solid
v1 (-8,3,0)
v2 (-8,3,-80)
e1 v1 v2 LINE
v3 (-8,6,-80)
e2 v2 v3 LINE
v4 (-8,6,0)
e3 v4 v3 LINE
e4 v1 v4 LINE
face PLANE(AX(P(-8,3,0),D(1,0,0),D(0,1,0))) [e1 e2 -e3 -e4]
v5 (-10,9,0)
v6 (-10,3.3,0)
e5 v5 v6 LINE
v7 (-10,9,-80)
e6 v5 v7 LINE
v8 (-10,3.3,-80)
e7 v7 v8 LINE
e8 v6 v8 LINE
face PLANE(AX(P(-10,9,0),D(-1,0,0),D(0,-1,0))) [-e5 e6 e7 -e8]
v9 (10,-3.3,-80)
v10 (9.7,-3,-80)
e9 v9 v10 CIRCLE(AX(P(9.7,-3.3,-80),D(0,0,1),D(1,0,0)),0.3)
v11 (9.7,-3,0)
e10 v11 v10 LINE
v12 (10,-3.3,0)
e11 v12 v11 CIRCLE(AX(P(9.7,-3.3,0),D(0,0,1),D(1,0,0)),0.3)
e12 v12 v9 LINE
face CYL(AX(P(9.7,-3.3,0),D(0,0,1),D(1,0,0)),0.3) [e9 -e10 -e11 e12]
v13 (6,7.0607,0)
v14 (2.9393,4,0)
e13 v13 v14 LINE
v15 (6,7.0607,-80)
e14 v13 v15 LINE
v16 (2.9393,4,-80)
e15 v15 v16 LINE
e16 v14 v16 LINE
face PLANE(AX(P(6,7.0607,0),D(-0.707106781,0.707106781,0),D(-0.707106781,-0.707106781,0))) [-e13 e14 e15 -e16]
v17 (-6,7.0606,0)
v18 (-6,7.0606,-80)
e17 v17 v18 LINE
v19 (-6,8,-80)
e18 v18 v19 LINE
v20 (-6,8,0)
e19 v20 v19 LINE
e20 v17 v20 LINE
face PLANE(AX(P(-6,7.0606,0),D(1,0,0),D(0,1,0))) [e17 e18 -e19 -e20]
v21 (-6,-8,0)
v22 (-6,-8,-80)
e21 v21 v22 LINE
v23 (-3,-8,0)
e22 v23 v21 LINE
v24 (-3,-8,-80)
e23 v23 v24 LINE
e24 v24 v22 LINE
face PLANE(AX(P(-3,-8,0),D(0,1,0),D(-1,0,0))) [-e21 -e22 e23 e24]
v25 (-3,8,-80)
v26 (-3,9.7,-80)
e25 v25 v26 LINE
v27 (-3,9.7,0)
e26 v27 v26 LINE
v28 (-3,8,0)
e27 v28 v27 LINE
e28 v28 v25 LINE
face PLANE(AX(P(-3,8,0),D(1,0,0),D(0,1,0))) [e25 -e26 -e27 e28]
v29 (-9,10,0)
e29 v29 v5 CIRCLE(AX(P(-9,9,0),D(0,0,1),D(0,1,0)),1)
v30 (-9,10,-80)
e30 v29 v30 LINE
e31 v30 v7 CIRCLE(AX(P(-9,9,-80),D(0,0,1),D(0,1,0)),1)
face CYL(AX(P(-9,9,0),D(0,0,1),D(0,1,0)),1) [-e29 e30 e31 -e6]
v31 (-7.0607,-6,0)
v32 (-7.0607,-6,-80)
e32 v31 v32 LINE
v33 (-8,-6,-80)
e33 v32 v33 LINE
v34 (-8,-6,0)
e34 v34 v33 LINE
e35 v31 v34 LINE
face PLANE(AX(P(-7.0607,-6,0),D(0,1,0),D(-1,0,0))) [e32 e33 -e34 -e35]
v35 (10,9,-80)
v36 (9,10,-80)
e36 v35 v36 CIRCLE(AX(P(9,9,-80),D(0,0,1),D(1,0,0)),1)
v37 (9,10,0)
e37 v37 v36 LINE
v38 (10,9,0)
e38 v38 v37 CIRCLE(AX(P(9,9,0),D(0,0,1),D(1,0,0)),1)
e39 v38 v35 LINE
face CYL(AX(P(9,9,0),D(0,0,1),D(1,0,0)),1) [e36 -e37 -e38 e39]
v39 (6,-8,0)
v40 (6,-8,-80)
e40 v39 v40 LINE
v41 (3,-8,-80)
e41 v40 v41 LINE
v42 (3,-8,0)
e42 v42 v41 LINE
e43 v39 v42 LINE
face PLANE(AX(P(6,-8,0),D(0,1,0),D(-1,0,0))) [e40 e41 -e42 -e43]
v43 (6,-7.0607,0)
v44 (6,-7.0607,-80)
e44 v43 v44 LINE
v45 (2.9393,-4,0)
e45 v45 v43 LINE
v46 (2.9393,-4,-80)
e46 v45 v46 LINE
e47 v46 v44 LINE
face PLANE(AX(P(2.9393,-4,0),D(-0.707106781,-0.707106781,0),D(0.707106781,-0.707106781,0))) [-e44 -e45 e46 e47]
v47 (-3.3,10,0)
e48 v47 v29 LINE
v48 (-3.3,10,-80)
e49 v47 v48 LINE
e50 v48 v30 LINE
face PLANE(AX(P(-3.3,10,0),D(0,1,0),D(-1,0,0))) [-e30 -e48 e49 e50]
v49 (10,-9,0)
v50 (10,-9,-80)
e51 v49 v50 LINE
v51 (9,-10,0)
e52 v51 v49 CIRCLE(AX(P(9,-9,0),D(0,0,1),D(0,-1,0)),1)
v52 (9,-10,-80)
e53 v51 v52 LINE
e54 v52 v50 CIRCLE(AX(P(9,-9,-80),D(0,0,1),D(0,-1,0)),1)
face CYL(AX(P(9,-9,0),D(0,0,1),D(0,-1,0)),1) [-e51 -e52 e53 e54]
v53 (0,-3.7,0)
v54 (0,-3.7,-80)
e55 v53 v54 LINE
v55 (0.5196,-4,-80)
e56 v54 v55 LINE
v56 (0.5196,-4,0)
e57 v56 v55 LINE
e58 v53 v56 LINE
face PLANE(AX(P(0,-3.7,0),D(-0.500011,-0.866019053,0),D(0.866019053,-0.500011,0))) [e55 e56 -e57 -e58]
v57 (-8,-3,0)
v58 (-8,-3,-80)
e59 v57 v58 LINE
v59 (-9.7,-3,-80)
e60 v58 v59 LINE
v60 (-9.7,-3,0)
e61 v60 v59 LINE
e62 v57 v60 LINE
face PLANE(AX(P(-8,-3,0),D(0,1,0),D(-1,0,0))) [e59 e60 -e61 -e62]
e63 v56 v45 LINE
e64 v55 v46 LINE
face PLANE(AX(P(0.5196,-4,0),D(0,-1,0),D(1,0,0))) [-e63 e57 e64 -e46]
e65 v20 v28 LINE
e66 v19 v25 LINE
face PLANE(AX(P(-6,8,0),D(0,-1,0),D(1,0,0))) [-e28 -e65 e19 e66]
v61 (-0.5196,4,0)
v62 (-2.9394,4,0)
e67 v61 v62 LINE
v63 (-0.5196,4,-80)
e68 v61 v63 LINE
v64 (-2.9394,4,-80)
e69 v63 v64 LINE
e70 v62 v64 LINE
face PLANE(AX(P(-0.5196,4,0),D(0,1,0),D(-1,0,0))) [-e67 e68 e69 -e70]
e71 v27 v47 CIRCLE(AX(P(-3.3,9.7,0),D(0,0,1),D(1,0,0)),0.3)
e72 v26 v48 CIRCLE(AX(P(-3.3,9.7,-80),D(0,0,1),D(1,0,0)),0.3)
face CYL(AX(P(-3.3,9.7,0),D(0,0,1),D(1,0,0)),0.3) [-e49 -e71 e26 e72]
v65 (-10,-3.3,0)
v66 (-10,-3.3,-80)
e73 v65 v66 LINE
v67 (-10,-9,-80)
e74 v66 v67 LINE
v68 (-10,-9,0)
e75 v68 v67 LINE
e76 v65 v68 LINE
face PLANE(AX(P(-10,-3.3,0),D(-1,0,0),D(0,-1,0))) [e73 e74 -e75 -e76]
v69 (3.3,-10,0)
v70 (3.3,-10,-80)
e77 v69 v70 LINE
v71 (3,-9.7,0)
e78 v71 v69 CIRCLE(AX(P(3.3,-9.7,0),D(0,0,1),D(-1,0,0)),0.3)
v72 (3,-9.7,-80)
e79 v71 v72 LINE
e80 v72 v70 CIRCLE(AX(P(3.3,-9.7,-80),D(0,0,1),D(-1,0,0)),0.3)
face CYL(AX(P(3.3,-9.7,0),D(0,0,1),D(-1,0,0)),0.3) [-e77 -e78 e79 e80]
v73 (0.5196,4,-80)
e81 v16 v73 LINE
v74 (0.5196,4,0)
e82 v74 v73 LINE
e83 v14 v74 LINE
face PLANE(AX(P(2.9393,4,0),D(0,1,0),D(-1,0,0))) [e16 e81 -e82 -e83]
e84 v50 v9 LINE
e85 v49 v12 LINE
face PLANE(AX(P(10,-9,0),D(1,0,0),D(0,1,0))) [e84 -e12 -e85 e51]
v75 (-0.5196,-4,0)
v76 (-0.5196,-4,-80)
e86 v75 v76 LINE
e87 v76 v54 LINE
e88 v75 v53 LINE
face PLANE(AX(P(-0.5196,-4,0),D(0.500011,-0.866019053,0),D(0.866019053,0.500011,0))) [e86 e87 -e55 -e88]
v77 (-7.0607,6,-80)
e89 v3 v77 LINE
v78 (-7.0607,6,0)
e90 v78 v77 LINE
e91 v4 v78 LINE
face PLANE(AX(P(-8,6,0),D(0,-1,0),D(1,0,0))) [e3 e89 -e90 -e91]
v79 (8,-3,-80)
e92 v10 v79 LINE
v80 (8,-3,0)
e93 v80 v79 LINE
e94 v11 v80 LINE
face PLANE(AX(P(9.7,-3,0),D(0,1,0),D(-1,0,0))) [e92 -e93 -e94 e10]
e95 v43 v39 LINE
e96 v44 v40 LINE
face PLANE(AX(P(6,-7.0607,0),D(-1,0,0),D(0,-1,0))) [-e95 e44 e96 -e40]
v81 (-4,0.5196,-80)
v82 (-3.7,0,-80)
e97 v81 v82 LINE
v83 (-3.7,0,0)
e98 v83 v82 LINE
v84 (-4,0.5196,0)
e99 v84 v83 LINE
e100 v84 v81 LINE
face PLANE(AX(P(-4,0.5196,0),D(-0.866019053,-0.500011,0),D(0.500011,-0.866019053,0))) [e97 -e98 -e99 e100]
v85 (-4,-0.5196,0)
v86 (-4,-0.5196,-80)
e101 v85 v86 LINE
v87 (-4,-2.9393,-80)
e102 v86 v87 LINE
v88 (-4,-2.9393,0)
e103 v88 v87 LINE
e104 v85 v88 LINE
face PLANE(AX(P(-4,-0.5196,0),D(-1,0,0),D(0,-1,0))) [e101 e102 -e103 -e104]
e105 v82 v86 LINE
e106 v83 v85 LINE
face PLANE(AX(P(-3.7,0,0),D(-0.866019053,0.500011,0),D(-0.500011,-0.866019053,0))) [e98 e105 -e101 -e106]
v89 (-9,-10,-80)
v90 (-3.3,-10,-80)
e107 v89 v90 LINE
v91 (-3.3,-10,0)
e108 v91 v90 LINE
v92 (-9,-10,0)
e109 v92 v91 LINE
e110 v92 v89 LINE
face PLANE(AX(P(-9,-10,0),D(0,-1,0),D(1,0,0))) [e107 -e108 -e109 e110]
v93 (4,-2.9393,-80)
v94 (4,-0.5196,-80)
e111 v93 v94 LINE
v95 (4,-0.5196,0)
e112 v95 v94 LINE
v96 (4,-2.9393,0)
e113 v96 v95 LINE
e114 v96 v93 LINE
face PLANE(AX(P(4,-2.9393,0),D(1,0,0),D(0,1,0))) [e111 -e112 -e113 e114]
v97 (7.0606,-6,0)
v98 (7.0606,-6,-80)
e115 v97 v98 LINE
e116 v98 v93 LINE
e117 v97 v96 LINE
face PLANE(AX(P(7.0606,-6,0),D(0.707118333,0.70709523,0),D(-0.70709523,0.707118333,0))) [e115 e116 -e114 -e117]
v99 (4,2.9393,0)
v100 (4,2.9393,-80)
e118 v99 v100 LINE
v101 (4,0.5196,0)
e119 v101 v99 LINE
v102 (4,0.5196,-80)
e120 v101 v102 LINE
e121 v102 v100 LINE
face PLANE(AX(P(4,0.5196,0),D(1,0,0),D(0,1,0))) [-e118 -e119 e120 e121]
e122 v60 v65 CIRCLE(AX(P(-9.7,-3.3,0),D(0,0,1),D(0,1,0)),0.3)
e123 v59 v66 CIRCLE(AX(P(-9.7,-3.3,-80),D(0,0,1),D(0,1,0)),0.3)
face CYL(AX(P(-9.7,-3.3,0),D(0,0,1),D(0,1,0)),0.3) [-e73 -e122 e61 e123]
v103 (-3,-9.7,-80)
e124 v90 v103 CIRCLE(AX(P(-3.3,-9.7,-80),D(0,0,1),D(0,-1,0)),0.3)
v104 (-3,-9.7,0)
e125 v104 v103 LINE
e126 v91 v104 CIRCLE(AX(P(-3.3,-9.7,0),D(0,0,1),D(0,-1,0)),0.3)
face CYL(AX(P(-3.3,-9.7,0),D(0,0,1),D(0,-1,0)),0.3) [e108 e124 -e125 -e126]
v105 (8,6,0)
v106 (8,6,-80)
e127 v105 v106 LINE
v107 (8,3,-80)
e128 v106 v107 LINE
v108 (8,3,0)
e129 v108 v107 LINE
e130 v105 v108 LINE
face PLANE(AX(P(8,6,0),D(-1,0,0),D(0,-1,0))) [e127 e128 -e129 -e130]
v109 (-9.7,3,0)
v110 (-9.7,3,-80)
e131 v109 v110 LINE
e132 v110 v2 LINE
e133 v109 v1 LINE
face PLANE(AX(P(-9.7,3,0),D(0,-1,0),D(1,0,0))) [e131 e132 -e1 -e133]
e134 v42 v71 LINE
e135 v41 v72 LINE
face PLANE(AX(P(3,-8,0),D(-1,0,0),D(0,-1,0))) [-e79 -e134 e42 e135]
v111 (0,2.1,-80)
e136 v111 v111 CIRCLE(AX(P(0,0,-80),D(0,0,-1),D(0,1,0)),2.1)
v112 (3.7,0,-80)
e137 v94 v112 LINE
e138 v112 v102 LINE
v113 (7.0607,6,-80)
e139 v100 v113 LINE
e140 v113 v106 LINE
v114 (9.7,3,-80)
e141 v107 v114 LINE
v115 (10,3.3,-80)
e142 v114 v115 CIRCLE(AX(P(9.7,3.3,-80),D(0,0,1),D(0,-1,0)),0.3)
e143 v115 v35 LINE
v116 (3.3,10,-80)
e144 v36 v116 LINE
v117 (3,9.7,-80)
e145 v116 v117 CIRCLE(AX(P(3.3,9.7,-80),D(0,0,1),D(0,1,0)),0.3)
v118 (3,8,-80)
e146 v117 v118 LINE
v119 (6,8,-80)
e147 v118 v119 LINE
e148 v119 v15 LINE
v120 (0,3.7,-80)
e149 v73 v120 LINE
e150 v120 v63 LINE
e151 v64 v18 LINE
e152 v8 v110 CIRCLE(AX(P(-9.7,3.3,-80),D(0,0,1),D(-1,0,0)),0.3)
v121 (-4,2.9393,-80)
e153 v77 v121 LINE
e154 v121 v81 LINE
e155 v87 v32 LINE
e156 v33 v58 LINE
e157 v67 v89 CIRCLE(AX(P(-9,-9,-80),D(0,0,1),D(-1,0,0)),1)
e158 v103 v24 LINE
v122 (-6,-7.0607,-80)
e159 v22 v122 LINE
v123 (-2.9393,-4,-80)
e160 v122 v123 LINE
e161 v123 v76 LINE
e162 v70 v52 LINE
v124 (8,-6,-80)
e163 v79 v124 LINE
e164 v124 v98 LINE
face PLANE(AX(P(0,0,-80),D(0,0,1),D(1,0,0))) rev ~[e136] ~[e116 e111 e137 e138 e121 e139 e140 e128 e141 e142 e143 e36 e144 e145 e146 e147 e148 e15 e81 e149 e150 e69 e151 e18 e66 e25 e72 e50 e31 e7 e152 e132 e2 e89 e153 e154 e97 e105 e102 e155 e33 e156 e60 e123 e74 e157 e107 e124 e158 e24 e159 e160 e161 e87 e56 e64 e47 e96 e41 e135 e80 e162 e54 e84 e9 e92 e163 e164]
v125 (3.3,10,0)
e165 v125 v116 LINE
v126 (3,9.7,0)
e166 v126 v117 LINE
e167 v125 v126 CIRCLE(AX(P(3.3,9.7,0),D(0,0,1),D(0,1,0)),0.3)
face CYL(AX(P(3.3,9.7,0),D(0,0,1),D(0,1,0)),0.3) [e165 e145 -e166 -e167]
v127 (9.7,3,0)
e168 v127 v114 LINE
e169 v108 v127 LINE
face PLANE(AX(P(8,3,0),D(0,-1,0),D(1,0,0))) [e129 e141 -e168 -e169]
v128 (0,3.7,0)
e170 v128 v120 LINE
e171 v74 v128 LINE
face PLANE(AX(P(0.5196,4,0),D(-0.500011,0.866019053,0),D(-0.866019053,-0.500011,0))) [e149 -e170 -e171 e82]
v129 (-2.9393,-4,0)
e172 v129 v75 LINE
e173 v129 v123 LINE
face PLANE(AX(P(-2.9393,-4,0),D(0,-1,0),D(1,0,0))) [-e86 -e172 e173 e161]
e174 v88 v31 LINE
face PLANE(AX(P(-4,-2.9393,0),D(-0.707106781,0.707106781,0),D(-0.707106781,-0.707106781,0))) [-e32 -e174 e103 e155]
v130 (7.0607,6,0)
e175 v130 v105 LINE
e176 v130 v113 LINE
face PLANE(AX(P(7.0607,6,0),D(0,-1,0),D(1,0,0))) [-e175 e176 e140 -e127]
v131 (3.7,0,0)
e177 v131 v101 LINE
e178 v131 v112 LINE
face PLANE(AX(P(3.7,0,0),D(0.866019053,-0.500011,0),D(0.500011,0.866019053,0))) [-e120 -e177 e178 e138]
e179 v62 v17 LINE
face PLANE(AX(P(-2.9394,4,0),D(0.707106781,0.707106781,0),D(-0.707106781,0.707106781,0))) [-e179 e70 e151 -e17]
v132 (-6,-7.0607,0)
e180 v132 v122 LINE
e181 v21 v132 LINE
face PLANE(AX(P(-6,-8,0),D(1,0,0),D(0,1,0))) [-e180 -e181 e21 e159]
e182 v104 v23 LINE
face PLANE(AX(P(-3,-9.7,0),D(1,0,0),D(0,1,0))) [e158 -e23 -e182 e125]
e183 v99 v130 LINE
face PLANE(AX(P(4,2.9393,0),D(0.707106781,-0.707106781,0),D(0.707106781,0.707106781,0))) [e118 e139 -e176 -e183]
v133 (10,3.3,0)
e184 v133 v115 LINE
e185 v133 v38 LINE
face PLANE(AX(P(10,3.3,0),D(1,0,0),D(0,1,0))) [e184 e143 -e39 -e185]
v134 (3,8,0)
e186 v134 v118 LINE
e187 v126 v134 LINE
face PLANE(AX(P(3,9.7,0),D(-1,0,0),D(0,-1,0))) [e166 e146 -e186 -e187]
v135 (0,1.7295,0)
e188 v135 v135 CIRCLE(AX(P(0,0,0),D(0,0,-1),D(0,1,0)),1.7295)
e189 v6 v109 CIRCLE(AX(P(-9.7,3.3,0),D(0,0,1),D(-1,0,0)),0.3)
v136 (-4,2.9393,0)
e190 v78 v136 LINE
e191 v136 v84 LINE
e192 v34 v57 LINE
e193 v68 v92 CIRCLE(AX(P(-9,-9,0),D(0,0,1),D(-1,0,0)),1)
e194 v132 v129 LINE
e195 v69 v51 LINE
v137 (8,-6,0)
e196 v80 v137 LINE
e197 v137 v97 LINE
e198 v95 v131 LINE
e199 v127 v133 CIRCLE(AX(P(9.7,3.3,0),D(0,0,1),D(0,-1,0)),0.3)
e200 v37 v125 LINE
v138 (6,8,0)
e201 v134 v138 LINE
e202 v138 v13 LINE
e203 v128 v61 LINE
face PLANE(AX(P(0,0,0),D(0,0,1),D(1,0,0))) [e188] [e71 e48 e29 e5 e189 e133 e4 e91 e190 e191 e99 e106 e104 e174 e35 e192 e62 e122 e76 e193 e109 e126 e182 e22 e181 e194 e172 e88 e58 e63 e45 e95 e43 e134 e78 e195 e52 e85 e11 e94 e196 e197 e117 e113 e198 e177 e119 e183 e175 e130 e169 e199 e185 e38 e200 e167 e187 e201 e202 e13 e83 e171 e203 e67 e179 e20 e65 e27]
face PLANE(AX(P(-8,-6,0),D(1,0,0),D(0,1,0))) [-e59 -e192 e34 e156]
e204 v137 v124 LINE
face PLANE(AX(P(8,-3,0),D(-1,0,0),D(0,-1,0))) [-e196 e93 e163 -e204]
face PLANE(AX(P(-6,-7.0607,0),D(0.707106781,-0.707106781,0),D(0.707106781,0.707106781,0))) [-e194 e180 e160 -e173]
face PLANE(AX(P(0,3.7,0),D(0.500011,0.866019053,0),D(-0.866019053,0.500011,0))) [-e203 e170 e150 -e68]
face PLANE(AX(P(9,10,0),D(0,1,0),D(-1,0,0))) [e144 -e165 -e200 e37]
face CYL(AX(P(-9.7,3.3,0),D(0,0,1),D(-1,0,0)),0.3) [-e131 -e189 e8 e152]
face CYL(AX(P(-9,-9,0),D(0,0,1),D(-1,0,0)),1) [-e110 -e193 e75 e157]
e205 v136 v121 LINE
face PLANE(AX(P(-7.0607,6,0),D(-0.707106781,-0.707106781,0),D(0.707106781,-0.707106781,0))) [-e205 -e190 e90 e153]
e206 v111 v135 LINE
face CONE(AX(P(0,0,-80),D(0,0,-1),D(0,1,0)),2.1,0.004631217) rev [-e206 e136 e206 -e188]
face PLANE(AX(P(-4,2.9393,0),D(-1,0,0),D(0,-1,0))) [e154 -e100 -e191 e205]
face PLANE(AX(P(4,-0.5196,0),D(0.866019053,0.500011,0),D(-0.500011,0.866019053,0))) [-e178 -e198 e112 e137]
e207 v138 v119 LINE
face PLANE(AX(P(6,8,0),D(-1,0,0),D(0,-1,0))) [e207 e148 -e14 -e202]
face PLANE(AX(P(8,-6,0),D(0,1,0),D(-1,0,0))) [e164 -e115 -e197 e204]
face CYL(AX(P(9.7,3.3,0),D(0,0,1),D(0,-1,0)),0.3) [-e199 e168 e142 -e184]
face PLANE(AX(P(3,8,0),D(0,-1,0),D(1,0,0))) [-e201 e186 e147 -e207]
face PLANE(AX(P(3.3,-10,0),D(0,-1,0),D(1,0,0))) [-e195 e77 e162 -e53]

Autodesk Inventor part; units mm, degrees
sketch "Sketch_1" plane through (0, 0, 0) normal (0, 0, 1) x (1, 0, 0)
  line L0 (-10, 9) -> (-10, 3.3)
  arc A0 (-10, 3.3) -> (-9.7, 3) centre (-9.7, 3.3) ccw
  line L1 (-9.7, 3) -> (-8, 3)
  line L2 (-8, 3) -> (-8, 6)
  line L3 (-8, 6) -> (-7.0607, 6)
  line L4 (-7.0607, 6) -> (-4, 2.9393)
  line L5 (-4, 2.9393) -> (-4, 0.5196)
  line L6 (-4, 0.5196) -> (-3.7, 0)
  line L7 (-3.7, 0) -> (-4, -0.5196)
  line L8 (-4, -0.5196) -> (-4, -2.9393)
  line L9 (-4, -2.9393) -> (-7.0607, -6)
  line L10 (-7.0607, -6) -> (-8, -6)
  line L11 (-8, -6) -> (-8, -3)
  line L12 (-8, -3) -> (-9.7, -3)
  arc A1 (-9.7, -3) -> (-10, -3.3) centre (-9.7, -3.3) ccw
  line L13 (-10, -3.3) -> (-10, -9)
  arc A2 (-10, -9) -> (-9, -10) centre (-9, -9) ccw
  line L14 (-9, -10) -> (-3.3, -10)
  arc A3 (-3.3, -10) -> (-3, -9.7) centre (-3.3, -9.7) ccw
  line L15 (-3, -9.7) -> (-3, -8)
  line L16 (-3, -8) -> (-6, -8)
  line L17 (-6, -8) -> (-6, -7.0607)
  line L18 (-6, -7.0607) -> (-2.9393, -4)
  line L19 (-2.9393, -4) -> (-0.5196, -4)
  line L20 (-0.5196, -4) -> (0, -3.7)
  line L21 (0, -3.7) -> (0.5196, -4)
  line L22 (0.5196, -4) -> (2.9393, -4)
  line L23 (2.9393, -4) -> (6, -7.0607)
  line L24 (6, -7.0607) -> (6, -8)
  line L25 (6, -8) -> (3, -8)
  line L26 (3, -8) -> (3, -9.7)
  arc A4 (3, -9.7) -> (3.3, -10) centre (3.3, -9.7) ccw
  line L27 (3.3, -10) -> (9, -10)
  arc A5 (9, -10) -> (10, -9) centre (9, -9) ccw
  line L28 (10, -9) -> (10, -3.3)
  arc A6 (10, -3.3) -> (9.7, -3) centre (9.7, -3.3) ccw
  line L29 (9.7, -3) -> (8, -3)
  line L30 (8, -3) -> (8, -6)
  line L31 (8, -6) -> (7.0606, -6)
  line L32 (7.0606, -6) -> (4, -2.9393)
  line L33 (4, -2.9393) -> (4, -0.5196)
  line L34 (4, -0.5196) -> (3.7, 0)
  line L35 (3.7, 0) -> (4, 0.5196)
  line L36 (4, 0.5196) -> (4, 2.9393)
  line L37 (4, 2.9393) -> (7.0607, 6)
  line L38 (7.0607, 6) -> (8, 6)
  line L39 (8, 6) -> (8, 3)
  line L40 (8, 3) -> (9.7, 3)
  arc A7 (9.7, 3) -> (10, 3.3) centre (9.7, 3.3) ccw
  line L41 (10, 3.3) -> (10, 9)
  arc A8 (10, 9) -> (9, 10) centre (9, 9) ccw
  line L42 (9, 10) -> (3.3, 10)
  arc A9 (3.3, 10) -> (3, 9.7) centre (3.3, 9.7) ccw
  line L43 (3, 9.7) -> (3, 8)
  line L44 (3, 8) -> (6, 8)
  line L45 (6, 8) -> (6, 7.0607)
  line L46 (6, 7.0607) -> (2.9393, 4)
  line L47 (2.9393, 4) -> (0.5196, 4)
  line L48 (0.5196, 4) -> (0, 3.7)
  line L49 (0, 3.7) -> (-0.5196, 4)
  line L50 (-0.5196, 4) -> (-2.9394, 4)
  line L51 (-2.9394, 4) -> (-6, 7.0606)
  line L52 (-6, 7.0606) -> (-6, 8)
  line L53 (-6, 8) -> (-3, 8)
  line L54 (-3, 8) -> (-3, 9.7)
  arc A10 (-3, 9.7) -> (-3.3, 10) centre (-3.3, 9.7) ccw
  line L55 (-3.3, 10) -> (-9, 10)
  arc A11 (-9, 10) -> (-10, 9) centre (-9, 9) ccw
extrude "Extrusion1" add sketch "Sketch_1" against normal blind 80
sketch "Sketch_2" plane through (0, 0, 0) normal (1, 0, 0) x (0, 0, -1)
  line L0 (80, -2.9393) -> (80, -0.5196) projected
  line L1 (0, 0.5196) -> (0, 2.9393) projected
  line L2 (0, 0) -> (0, 0.5196) projected
  line L3 (0, 0) -> (80, 0)
  line L4 (80, 0) -> (80, 2.1)
  line L5 (80, 0.5196) -> (80, 2.9393) projected
  line L6 (80, 2.1) -> (0, 1.7295)
  line L7 (0, 1.7295) -> (0, 0)
  dimension "d3" = 2.1
ref_plane "C1_XY" through (0, 0, 0) normal (0, 0, 1) x (1, 0, 0)
ref_plane "C1_YZ" through (0, 0, 0) normal (1, 0, 0) x (0, 1, 0)
ref_plane "C1_ZX" through (0, 0, 0) normal (0, 1, 0) x (0, 0, 1)
revolve "Revolution2" cut sketch "Sketch_2" angle 360 about axis through (0, 0, 0) along (0, 0, -1)
properties part number "ZAxisFrameVertical" material "Aluminum 6061"
